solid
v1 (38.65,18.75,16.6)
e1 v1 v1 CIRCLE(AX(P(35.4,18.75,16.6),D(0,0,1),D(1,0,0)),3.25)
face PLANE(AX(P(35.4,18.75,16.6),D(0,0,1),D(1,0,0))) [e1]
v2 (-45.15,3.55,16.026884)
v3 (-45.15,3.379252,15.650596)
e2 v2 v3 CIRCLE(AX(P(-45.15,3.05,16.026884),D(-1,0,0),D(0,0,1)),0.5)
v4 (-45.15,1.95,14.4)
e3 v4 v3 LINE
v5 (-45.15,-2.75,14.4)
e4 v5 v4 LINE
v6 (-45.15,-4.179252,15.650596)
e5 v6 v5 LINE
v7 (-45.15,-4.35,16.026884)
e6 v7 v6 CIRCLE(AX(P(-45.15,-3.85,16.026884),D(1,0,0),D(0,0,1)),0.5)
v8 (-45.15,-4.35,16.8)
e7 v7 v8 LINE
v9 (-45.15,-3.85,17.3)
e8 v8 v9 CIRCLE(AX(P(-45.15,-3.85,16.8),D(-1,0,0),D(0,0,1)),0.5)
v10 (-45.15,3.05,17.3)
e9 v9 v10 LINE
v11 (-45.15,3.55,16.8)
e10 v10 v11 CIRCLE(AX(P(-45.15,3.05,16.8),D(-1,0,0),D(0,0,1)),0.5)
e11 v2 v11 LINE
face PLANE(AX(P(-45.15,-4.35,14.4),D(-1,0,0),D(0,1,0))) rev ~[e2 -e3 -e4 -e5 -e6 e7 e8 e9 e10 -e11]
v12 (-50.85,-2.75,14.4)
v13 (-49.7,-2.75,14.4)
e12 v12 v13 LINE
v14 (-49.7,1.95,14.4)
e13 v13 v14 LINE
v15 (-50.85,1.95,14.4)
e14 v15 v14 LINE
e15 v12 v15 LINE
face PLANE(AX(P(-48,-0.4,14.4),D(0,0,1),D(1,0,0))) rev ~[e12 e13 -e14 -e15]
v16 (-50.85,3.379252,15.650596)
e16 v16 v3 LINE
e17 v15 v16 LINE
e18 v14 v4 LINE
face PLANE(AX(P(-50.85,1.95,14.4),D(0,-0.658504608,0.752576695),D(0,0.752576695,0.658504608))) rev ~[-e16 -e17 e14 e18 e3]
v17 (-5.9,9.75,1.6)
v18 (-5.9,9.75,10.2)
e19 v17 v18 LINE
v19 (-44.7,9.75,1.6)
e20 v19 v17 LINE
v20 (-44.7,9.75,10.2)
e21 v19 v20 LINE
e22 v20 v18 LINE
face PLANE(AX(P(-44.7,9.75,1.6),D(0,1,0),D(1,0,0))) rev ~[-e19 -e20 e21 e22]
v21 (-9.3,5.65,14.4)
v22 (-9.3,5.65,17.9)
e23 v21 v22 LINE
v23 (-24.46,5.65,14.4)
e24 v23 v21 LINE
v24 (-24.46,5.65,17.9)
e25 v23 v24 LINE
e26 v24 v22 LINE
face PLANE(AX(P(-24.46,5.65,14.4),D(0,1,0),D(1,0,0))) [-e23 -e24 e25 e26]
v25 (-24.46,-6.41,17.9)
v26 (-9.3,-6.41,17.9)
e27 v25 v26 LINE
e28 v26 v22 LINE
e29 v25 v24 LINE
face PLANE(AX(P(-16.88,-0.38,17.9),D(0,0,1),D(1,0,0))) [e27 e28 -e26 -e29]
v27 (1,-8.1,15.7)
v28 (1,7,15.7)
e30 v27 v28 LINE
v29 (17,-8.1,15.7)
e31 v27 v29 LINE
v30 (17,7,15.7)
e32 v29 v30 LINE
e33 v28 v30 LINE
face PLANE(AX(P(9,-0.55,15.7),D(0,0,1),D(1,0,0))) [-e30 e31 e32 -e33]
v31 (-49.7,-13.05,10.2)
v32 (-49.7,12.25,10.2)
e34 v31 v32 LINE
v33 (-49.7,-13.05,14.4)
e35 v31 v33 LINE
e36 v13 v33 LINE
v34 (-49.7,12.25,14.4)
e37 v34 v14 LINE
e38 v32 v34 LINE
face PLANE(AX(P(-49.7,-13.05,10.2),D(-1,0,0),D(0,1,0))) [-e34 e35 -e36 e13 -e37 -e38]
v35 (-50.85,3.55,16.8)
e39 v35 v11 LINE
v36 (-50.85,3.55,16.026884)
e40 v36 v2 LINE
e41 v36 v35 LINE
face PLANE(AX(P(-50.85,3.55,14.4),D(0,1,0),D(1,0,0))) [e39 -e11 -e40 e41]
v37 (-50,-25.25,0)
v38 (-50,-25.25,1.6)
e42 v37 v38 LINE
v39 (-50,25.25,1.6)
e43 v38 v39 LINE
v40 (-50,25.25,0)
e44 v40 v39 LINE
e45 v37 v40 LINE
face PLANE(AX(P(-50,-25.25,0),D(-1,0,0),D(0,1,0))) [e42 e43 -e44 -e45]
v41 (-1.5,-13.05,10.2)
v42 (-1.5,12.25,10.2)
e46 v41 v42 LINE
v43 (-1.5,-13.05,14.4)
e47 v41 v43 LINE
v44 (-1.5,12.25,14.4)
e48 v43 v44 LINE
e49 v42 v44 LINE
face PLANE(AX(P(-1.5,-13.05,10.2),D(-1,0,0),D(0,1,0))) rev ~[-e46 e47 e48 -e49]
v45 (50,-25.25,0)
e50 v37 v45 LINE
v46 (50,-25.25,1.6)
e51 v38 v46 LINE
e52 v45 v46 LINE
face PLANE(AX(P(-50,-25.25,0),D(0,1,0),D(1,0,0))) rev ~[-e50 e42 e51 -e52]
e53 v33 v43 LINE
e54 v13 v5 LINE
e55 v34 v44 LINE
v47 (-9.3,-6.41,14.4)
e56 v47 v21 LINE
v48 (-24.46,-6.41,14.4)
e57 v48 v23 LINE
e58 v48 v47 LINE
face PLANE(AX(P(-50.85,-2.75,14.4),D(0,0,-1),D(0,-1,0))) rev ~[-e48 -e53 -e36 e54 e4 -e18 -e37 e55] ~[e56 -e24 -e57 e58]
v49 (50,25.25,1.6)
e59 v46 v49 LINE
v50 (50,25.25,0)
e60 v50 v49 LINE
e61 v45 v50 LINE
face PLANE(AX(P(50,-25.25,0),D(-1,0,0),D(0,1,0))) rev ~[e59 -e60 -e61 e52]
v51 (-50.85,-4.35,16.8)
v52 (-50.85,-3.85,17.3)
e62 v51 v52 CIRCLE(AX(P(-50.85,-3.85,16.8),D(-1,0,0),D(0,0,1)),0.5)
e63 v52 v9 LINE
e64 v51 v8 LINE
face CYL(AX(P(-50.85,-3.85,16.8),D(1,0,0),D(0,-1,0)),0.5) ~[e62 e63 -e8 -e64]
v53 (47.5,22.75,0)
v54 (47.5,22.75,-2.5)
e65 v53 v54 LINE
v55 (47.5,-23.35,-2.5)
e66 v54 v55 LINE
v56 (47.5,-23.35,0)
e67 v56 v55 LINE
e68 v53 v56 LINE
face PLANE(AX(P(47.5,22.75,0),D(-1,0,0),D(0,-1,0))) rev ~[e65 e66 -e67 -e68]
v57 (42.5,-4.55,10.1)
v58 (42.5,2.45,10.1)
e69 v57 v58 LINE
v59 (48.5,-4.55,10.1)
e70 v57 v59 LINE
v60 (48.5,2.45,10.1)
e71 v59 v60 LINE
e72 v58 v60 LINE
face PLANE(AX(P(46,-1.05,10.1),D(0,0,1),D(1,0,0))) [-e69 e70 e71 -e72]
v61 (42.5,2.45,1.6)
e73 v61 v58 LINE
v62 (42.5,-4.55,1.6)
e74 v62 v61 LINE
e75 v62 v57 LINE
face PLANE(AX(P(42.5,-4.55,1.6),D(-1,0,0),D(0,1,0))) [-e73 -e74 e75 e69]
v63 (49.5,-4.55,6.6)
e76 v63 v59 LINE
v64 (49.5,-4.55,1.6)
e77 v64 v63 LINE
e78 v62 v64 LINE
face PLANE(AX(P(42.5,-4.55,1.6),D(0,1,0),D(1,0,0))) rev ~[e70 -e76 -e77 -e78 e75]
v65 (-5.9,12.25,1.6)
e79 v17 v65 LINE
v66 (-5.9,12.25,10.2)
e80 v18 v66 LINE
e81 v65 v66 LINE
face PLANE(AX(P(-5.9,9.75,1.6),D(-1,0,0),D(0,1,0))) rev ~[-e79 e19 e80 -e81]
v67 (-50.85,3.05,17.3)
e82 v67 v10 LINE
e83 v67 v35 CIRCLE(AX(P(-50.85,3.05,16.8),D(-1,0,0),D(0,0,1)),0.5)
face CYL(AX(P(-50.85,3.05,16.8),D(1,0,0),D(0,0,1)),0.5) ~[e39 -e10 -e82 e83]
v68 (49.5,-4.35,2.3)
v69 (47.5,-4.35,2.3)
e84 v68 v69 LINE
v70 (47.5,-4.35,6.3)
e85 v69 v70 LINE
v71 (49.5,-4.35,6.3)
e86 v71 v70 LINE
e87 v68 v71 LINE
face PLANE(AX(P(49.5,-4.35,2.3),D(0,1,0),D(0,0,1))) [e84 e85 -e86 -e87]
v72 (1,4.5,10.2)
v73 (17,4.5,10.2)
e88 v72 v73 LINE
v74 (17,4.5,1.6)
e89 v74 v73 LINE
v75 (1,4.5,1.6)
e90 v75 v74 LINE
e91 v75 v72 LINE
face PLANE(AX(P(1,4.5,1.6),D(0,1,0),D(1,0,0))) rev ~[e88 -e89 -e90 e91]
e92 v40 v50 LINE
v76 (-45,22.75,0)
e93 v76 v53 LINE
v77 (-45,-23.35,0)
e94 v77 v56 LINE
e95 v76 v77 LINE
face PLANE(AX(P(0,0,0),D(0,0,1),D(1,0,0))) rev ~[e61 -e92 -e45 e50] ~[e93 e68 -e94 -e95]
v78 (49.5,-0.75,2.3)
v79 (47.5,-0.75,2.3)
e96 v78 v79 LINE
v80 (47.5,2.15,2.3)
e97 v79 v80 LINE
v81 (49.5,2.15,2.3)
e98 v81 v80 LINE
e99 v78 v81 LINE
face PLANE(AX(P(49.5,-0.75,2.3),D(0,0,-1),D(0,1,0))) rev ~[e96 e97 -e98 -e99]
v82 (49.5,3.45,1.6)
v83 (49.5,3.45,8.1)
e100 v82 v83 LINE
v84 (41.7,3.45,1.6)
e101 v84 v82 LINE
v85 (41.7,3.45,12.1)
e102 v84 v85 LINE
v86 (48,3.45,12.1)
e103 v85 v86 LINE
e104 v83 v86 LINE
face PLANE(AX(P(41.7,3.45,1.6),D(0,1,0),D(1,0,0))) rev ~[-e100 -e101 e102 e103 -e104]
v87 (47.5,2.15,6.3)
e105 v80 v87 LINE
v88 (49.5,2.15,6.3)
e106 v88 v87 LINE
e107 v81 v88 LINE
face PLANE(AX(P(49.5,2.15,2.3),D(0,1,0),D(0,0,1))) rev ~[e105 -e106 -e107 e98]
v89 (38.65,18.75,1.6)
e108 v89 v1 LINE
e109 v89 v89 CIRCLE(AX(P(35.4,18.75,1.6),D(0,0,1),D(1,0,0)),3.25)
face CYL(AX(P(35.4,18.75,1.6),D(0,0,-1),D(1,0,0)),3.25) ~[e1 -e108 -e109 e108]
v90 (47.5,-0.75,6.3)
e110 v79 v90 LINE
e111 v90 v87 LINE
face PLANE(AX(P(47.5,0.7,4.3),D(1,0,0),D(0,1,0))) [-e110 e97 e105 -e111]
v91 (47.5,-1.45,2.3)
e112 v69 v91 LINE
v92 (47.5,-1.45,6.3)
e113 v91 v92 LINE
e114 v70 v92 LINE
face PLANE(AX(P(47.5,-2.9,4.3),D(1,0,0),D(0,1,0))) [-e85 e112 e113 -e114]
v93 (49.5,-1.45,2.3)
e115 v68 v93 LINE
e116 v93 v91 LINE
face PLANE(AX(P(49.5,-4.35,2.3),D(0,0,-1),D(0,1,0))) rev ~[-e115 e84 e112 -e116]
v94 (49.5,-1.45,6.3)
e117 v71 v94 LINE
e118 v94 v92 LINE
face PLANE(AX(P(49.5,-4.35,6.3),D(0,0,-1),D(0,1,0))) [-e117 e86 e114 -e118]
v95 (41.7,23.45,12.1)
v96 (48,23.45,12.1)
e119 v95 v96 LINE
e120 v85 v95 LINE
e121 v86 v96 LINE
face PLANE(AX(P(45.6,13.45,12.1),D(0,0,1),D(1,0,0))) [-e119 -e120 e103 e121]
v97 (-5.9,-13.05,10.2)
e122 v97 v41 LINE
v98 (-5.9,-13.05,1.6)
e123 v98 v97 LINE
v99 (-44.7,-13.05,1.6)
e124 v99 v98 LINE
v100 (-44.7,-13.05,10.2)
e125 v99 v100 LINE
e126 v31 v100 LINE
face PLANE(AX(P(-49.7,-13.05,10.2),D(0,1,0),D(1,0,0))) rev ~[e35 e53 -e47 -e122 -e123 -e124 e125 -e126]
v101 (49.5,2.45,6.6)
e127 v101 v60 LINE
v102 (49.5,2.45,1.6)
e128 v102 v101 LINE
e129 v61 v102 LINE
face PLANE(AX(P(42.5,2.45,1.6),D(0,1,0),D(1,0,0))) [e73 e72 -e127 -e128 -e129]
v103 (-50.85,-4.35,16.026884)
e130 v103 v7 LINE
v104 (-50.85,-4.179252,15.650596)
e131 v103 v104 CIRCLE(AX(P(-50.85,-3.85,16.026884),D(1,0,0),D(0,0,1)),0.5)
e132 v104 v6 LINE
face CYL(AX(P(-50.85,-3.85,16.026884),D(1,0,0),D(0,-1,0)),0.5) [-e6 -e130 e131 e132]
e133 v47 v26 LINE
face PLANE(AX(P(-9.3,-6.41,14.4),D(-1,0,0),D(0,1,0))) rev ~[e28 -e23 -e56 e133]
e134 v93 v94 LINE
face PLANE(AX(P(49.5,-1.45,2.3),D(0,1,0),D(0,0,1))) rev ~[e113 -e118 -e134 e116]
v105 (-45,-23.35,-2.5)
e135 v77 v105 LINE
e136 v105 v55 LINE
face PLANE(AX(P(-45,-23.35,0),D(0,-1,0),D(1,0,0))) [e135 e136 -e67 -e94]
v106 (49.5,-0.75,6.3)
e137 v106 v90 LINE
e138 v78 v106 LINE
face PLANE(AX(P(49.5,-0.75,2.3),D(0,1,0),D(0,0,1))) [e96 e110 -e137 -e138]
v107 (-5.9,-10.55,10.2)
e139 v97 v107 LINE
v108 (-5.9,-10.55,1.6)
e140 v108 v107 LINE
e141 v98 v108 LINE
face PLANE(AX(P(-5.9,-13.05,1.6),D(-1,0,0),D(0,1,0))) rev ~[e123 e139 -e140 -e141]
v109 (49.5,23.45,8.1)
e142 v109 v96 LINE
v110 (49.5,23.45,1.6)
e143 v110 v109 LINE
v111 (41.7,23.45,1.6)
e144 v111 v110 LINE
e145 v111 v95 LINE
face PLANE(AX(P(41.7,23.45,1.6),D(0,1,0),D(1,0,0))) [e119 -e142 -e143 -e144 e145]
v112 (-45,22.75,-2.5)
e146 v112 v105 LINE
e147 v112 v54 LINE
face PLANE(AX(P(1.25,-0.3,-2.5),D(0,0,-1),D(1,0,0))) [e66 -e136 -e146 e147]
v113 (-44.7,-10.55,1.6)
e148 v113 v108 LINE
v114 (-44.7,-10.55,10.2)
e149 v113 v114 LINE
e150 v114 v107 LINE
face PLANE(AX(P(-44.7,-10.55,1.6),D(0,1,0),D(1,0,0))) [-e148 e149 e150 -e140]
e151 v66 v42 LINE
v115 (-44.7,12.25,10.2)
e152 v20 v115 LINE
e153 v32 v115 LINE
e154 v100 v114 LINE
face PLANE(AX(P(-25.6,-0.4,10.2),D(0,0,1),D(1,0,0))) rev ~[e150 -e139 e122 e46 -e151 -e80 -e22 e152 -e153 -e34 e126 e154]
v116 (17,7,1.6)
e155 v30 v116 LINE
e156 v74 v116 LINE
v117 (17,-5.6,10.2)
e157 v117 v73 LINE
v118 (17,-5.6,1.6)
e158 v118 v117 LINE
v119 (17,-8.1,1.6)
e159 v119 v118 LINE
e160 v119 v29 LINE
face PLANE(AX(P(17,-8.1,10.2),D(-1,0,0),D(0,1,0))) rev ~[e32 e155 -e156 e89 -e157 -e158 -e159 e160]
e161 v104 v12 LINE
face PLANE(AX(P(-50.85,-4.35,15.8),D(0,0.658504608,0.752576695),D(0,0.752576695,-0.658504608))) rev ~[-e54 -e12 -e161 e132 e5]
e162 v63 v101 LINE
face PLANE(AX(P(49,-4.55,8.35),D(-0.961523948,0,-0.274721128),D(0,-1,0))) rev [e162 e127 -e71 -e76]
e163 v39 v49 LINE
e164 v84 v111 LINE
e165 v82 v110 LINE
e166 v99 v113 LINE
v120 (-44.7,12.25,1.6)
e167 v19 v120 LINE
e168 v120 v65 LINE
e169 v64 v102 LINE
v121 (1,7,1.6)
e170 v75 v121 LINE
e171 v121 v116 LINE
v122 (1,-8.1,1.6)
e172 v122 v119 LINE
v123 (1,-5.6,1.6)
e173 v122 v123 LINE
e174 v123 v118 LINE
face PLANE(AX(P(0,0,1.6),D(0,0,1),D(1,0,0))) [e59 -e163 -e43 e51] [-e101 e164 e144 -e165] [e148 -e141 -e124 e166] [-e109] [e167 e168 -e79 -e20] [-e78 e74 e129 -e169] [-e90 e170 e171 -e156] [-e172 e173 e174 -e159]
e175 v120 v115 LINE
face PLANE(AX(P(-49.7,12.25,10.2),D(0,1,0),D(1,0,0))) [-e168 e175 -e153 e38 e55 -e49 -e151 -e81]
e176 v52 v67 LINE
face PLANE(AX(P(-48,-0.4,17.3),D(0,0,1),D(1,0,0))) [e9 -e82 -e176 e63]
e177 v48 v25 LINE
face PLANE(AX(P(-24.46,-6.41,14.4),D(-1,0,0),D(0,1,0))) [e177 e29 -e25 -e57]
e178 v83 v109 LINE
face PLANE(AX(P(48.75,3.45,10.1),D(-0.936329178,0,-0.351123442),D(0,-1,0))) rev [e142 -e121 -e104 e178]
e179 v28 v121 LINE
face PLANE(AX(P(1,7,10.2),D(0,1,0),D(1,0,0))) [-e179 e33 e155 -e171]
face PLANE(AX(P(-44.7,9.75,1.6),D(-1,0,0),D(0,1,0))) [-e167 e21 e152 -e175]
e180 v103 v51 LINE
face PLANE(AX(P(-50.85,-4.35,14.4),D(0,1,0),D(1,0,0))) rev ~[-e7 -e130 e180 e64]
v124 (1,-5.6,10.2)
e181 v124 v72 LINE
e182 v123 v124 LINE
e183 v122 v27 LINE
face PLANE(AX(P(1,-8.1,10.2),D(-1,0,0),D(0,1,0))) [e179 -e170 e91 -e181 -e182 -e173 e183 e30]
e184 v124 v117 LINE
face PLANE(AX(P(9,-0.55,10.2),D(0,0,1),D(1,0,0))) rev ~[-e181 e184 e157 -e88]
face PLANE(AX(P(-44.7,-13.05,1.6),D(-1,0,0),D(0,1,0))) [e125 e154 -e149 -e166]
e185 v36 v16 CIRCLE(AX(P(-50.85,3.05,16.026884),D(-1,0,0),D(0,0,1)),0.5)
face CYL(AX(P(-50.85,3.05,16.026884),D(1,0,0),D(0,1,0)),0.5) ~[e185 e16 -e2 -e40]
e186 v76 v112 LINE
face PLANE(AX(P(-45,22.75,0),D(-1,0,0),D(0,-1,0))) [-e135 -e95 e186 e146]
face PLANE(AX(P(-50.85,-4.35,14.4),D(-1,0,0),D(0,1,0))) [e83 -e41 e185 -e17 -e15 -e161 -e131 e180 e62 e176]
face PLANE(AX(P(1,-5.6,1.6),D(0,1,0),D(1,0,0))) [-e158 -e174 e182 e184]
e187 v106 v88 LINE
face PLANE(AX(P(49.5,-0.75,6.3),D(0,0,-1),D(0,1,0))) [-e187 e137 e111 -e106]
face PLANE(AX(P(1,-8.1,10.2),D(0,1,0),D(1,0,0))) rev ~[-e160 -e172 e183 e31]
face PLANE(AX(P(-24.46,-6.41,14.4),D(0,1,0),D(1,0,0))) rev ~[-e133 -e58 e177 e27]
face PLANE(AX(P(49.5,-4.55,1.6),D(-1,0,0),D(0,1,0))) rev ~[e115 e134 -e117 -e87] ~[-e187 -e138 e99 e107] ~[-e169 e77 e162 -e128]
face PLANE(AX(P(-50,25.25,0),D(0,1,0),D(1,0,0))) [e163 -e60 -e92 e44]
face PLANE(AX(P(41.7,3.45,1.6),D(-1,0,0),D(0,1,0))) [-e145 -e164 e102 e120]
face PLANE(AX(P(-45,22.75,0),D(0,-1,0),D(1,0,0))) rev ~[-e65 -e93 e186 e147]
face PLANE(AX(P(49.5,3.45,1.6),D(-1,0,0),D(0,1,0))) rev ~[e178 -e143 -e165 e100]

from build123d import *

# Parameters (mm, degrees)
F0_W      = 100
F0_H      = 50.5
F1_DEPTH  = 1.6
F2_W      = 7.8
F2_H      = 20
F3_DEPTH  = 10.5
F4_SIZE2  = 1.5
F4_SIZE   = 4
F2_W_2    = 7
F2_H_2    = 7
F5_DEPTH  = 8.5
F6_SIZE2  = 1
F6_SIZE   = 3.5
F2_R      = 3.25
F7_DEPTH  = 15
F2_W_3    = 38.8
F2_H_3    = 2.5
F2_W_4    = 16
F8_DEPTH  = 8.6
F9_W      = 92.5
F9_H      = 46.1
F10_DEPTH = 2.5
F11_W     = 2.9
F11_H     = 4
F12_DEPTH = 2
F13_W     = 16
F13_H     = 15.1
F14_DEPTH = 5.5
F15_W     = 48.2
F15_H     = 25.3
F16_DEPTH = 4.2
F17_W     = 15.16
F17_H     = 12.06
F18_DEPTH = 3.5
F19_W     = 5.7
F19_H     = 7.9
F20_DEPTH = 2.9
F22_DEPTH = 5.7
F23_R     = 0.5


with BuildPart() as f1:
    # F0 (on Top) → F1 (new body)
    with BuildSketch(Plane.XY):
        Rectangle(F0_W, F0_H)
    extrude(amount=F1_DEPTH)

    # F2 (on face) → F3 (join)
    with BuildSketch(Plane.XY.offset(1.6)):
        with Locations((45.6, 13.45)):
            Rectangle(F2_W, F2_H)
    extrude(amount=F3_DEPTH)

    # F4
    f4_edges = [f1.edges().sort_by_distance(p)[0] for p in [
        (49.5, 13.45, 12.1),
    ]]
    f4_side = f1.faces().sort_by_distance((49.5, 13.45, 6.85))[0]
    chamfer(f4_edges, length=F4_SIZE, length2=F4_SIZE2, reference=f4_side)

    # F2 (on face) → F5 (join)
    with BuildSketch(Plane.XY.offset(1.6)):
        with Locations((46, -1.05)):
            Rectangle(F2_W_2, F2_H_2)
    extrude(amount=F5_DEPTH)

    # F6
    f6_edges = [f1.edges().sort_by_distance(p)[0] for p in [
        (49.5, -1.05, 10.1),
    ]]
    f6_side = f1.faces().sort_by_distance((49.5, -1.05, 5.85))[0]
    chamfer(f6_edges, length=F6_SIZE, length2=F6_SIZE2, reference=f6_side)

    # F2 (on face) → F7 (join)
    with BuildSketch(Plane.XY.offset(1.6)):
        with Locations((35.4, 18.75)):
            Circle(F2_R)
    extrude(amount=F7_DEPTH)

    # F2 (on face) → F8 (join)
    with BuildSketch(Plane.XY.offset(1.6)):
        with Locations((-25.3, 11)):
            Rectangle(F2_W_3, F2_H_3)
        with Locations((9, 5.75)):
            Rectangle(F2_W_4, F2_H_3)
        with Locations((9, -6.85)):
            Rectangle(F2_W_4, F2_H_3)
        with Locations((-25.3, -11.8)):
            Rectangle(F2_W_3, F2_H_3)
    extrude(amount=F8_DEPTH)

    # F9 (on face) → F10 (join)
    with BuildSketch(Plane(origin=(0, 0, 0), x_dir=(1, 0, 0), z_dir=(0, 0, -1))):
        with Locations((1.25, 0.3)):
            Rectangle(F9_W, F9_H)
    extrude(amount=F10_DEPTH)

    # F11 (on face) → F12 (cut)
    with BuildSketch(Plane.YZ.offset(49.5)):
        with Locations((-2.9, 4.3)):
            Rectangle(F11_W, F11_H)
        with Locations((0.7, 4.3)):
            Rectangle(F11_W, F11_H)
    extrude(amount=-F12_DEPTH, mode=Mode.SUBTRACT)

    # F13 (on face) → F14 (join)
    with BuildSketch(Plane.XY.offset(10.2)):
        with Locations((9, -0.55)):
            Rectangle(F13_W, F13_H)
    extrude(amount=F14_DEPTH)

    # F15 (on face) → F16 (join)
    with BuildSketch(Plane.XY.offset(10.2)):
        with Locations((-25.6, -0.4)):
            Rectangle(F15_W, F15_H)
    extrude(amount=F16_DEPTH)

    # F17 (on face) → F18 (join)
    with BuildSketch(Plane.XY.offset(14.4)):
        with Locations((-16.88, -0.38)):
            Rectangle(F17_W, F17_H)
    extrude(amount=F18_DEPTH)

    # F19 (on face) → F20 (join)
    with BuildSketch(Plane.XY.offset(14.4)):
        with Locations((-48, -0.4)):
            Rectangle(F19_W, F19_H)
    extrude(amount=F20_DEPTH)

    # F21 (on face) → F22 (cut, through all)
    with BuildSketch(Plane(origin=(-50.85, 0, 0), x_dir=(0, -1, 0), z_dir=(-1, 0, 0))):
        Polygon((4.35, 14.4), (4.35, 15.8), (2.75, 14.4), align=None)
        Polygon((-3.55, 15.8), (-3.55, 14.4), (-1.95, 14.4), align=None)
    extrude(amount=-F22_DEPTH, mode=Mode.SUBTRACT)

    # F23
    f23_edges = [f1.edges().sort_by_distance(p)[0] for p in [
        (-48, 3.55, 15.8),
        (-48, 3.55, 17.3),
        (-48, -4.35, 17.3),
        (-48, -4.35, 15.8),
    ]]
    fillet(f23_edges, radius=F23_R)


solid = f1.part
